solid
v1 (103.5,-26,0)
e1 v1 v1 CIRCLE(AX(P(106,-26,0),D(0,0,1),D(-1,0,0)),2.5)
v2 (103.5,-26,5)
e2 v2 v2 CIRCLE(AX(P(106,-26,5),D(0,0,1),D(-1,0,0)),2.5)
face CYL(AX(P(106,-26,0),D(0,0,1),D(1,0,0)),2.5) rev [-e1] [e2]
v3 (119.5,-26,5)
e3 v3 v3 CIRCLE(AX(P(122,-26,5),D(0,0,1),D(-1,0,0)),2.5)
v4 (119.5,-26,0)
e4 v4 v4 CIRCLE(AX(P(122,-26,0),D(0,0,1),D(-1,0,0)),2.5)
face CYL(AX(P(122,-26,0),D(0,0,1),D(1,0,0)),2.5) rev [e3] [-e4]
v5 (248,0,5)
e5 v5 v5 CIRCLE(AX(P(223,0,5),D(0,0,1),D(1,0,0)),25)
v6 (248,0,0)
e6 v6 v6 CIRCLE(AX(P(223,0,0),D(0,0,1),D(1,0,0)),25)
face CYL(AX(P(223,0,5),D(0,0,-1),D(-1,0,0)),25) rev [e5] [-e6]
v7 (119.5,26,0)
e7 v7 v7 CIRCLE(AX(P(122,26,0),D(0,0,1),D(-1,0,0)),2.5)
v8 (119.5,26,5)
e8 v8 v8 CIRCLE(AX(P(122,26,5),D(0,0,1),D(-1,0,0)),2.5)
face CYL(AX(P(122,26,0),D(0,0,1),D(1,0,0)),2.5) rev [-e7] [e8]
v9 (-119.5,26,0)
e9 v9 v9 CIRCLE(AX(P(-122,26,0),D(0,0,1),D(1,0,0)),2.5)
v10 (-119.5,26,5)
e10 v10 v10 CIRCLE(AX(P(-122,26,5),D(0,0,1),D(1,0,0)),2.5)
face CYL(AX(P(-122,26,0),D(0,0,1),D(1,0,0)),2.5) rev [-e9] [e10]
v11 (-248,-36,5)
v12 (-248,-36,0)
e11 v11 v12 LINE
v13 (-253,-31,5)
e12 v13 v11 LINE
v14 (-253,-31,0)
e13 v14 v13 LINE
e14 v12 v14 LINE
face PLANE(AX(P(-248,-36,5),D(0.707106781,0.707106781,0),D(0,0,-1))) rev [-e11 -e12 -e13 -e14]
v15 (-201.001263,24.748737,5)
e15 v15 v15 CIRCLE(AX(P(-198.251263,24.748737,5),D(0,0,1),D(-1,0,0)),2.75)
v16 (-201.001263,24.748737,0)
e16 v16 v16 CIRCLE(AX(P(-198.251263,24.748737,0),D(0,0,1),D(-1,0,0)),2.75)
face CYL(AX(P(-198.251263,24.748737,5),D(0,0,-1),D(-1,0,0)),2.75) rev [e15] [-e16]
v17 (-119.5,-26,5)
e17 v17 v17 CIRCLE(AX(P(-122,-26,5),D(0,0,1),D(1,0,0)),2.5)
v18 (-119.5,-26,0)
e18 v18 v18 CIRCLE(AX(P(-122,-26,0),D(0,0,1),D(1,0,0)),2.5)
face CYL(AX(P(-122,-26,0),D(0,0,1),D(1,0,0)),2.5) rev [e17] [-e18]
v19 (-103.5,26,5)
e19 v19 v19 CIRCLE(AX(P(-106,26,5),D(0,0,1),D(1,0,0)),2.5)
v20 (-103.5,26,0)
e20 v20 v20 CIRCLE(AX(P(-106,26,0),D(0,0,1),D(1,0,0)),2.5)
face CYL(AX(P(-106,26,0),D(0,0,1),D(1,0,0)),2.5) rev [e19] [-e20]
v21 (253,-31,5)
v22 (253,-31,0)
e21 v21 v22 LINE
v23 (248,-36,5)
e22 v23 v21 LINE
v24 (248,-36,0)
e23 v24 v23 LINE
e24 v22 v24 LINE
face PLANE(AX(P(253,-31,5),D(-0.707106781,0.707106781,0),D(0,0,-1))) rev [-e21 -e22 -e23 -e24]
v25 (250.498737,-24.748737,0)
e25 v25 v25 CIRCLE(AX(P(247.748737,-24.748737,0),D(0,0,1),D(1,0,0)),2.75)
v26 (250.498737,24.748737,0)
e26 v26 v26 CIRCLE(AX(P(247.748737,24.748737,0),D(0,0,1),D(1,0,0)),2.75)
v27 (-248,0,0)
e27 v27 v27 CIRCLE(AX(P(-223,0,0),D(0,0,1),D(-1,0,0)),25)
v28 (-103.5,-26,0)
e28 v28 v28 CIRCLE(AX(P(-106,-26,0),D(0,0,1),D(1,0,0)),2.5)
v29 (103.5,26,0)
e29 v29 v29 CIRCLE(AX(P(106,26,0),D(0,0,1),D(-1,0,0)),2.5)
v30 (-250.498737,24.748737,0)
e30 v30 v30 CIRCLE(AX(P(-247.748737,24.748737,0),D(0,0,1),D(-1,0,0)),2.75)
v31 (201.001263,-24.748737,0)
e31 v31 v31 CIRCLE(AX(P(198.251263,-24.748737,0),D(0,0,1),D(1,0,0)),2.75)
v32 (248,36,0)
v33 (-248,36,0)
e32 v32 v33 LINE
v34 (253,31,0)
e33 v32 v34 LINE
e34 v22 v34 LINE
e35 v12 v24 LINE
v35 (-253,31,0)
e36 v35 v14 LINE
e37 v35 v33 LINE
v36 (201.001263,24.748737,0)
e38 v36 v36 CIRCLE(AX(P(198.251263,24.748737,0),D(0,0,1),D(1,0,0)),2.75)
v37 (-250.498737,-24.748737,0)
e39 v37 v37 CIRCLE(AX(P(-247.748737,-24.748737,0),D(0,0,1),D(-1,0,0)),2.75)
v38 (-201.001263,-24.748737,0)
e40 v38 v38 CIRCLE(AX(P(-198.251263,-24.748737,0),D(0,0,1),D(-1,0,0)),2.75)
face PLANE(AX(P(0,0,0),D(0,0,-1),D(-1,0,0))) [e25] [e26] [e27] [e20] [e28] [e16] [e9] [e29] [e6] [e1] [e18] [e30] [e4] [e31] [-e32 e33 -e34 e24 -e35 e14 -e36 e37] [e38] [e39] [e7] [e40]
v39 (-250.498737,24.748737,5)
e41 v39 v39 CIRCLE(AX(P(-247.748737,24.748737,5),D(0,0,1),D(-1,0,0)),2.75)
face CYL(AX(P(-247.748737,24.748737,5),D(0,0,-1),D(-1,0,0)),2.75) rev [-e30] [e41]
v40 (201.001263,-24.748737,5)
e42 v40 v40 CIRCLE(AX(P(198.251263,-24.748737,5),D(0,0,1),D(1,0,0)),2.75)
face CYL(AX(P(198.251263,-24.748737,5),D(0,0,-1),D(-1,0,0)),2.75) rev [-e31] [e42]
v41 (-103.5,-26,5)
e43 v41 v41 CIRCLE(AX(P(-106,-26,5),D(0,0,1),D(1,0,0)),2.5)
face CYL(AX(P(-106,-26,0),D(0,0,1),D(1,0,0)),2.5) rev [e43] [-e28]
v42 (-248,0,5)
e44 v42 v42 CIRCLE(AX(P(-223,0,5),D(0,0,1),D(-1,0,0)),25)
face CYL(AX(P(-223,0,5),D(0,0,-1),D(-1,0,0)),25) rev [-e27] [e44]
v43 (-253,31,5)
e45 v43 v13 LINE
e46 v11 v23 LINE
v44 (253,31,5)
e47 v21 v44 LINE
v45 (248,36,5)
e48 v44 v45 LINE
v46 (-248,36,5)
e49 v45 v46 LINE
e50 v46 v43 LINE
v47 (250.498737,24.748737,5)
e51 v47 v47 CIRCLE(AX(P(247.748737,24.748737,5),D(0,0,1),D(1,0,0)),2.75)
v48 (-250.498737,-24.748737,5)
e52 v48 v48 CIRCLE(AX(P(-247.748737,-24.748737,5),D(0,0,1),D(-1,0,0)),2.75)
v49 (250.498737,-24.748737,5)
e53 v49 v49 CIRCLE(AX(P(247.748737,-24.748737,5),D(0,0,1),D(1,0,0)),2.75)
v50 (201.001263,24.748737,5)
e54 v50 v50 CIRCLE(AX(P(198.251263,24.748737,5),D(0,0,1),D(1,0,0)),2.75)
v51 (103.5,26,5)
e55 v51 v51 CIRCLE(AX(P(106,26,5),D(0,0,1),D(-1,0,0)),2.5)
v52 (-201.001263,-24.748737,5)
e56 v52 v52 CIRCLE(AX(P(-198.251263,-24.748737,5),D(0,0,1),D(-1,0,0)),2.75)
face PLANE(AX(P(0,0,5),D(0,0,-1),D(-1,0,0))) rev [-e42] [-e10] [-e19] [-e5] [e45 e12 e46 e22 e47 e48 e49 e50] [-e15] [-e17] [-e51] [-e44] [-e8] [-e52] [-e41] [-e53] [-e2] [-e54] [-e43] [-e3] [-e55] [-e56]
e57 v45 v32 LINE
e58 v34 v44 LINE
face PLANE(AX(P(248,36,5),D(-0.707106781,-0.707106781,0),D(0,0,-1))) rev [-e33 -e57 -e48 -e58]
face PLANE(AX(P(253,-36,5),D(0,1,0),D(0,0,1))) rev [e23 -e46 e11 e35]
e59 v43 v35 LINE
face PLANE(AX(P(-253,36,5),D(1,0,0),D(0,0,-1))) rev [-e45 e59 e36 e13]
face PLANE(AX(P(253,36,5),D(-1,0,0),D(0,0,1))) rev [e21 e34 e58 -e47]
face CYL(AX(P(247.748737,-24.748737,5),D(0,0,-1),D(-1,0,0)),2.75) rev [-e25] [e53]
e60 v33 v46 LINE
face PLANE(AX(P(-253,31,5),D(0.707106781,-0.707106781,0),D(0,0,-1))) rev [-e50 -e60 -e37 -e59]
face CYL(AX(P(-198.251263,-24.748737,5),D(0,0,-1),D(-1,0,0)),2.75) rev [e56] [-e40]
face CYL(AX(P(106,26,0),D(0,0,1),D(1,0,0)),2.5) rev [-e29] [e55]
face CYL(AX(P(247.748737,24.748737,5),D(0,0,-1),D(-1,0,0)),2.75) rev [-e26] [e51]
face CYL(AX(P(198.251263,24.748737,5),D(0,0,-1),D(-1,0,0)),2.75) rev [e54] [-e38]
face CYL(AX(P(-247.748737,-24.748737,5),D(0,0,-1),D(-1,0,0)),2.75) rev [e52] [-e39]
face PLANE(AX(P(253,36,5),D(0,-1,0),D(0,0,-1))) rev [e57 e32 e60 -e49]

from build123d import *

# Parameters (mm, degrees)
SKETCH_1_W          = 506
SKETCH_1_H          = 72
SKETCH_1_R          = 25
SKETCH_1_R_2        = 2.75
EXTRUDE_1_DEPTH     = 5
CHAMFER_1_SIZE      = 5
SKETCH_2_R          = 2.5
CUT_EXTRUDE_1_DEPTH = 256.597339579


with BuildPart() as part:
    # 草图1 → 凸台-拉伸1 (new body)
    with BuildSketch(Plane.XY):
        Rectangle(SKETCH_1_W, SKETCH_1_H)
        with Locations((223, 0)):
            Circle(SKETCH_1_R, mode=Mode.SUBTRACT)
        with Locations((247.748737342, 24.748737342)):
            Circle(SKETCH_1_R_2, mode=Mode.SUBTRACT)
        with Locations((198.251262658, 24.748737342)):
            Circle(SKETCH_1_R_2, mode=Mode.SUBTRACT)
        with Locations((198.251262658, -24.748737342)):
            Circle(SKETCH_1_R_2, mode=Mode.SUBTRACT)
        with Locations((247.748737342, -24.748737342)):
            Circle(SKETCH_1_R_2, mode=Mode.SUBTRACT)
        with Locations(Location((-247.748737342, -24.748737342, 0), (0, 0, 180))):
            Circle(SKETCH_1_R_2, mode=Mode.SUBTRACT)
        with Locations(Location((-247.748737342, 24.748737342, 0), (0, 0, 180))):
            Circle(SKETCH_1_R_2, mode=Mode.SUBTRACT)
        with Locations(Location((-198.251262658, 24.748737342, 0), (0, 0, 180))):
            Circle(SKETCH_1_R_2, mode=Mode.SUBTRACT)
        with Locations(Location((-198.251262658, -24.748737342, 0), (0, 0, 180))):
            Circle(SKETCH_1_R_2, mode=Mode.SUBTRACT)
        with Locations(Location((-223, 0, 0), (0, 0, 180))):
            Circle(SKETCH_1_R, mode=Mode.SUBTRACT)
    extrude(amount=EXTRUDE_1_DEPTH)

    # 倒角1
    chamfer_1_edges = [part.edges().sort_by_distance(p)[0] for p in [
        (-253, 36, 2.5),
        (253, 36, 2.5),
        (253, -36, 2.5),
        (-253, -36, 2.5),
    ]]
    chamfer(chamfer_1_edges, length=CHAMFER_1_SIZE)

    # 草图2 → 切除-拉伸1 (cut, through all)
    with BuildSketch(Plane.XY.offset(5)):
        with Locations((-122, 26)):
            Circle(SKETCH_2_R)
        with Locations((-122, -26)):
            Circle(SKETCH_2_R)
        with Locations((-106, 26)):
            Circle(SKETCH_2_R)
        with Locations((-106, -26)):
            Circle(SKETCH_2_R)
        with Locations(Location((106, -26, 0), (0, 0, 180))):
            Circle(SKETCH_2_R)
        with Locations(Location((106, 26, 0), (0, 0, 180))):
            Circle(SKETCH_2_R)
        with Locations(Location((122, -26, 0), (0, 0, 180))):
            Circle(SKETCH_2_R)
        with Locations(Location((122, 26, 0), (0, 0, 180))):
            Circle(SKETCH_2_R)
    extrude(amount=-CUT_EXTRUDE_1_DEPTH, mode=Mode.SUBTRACT)


solid = part.part
